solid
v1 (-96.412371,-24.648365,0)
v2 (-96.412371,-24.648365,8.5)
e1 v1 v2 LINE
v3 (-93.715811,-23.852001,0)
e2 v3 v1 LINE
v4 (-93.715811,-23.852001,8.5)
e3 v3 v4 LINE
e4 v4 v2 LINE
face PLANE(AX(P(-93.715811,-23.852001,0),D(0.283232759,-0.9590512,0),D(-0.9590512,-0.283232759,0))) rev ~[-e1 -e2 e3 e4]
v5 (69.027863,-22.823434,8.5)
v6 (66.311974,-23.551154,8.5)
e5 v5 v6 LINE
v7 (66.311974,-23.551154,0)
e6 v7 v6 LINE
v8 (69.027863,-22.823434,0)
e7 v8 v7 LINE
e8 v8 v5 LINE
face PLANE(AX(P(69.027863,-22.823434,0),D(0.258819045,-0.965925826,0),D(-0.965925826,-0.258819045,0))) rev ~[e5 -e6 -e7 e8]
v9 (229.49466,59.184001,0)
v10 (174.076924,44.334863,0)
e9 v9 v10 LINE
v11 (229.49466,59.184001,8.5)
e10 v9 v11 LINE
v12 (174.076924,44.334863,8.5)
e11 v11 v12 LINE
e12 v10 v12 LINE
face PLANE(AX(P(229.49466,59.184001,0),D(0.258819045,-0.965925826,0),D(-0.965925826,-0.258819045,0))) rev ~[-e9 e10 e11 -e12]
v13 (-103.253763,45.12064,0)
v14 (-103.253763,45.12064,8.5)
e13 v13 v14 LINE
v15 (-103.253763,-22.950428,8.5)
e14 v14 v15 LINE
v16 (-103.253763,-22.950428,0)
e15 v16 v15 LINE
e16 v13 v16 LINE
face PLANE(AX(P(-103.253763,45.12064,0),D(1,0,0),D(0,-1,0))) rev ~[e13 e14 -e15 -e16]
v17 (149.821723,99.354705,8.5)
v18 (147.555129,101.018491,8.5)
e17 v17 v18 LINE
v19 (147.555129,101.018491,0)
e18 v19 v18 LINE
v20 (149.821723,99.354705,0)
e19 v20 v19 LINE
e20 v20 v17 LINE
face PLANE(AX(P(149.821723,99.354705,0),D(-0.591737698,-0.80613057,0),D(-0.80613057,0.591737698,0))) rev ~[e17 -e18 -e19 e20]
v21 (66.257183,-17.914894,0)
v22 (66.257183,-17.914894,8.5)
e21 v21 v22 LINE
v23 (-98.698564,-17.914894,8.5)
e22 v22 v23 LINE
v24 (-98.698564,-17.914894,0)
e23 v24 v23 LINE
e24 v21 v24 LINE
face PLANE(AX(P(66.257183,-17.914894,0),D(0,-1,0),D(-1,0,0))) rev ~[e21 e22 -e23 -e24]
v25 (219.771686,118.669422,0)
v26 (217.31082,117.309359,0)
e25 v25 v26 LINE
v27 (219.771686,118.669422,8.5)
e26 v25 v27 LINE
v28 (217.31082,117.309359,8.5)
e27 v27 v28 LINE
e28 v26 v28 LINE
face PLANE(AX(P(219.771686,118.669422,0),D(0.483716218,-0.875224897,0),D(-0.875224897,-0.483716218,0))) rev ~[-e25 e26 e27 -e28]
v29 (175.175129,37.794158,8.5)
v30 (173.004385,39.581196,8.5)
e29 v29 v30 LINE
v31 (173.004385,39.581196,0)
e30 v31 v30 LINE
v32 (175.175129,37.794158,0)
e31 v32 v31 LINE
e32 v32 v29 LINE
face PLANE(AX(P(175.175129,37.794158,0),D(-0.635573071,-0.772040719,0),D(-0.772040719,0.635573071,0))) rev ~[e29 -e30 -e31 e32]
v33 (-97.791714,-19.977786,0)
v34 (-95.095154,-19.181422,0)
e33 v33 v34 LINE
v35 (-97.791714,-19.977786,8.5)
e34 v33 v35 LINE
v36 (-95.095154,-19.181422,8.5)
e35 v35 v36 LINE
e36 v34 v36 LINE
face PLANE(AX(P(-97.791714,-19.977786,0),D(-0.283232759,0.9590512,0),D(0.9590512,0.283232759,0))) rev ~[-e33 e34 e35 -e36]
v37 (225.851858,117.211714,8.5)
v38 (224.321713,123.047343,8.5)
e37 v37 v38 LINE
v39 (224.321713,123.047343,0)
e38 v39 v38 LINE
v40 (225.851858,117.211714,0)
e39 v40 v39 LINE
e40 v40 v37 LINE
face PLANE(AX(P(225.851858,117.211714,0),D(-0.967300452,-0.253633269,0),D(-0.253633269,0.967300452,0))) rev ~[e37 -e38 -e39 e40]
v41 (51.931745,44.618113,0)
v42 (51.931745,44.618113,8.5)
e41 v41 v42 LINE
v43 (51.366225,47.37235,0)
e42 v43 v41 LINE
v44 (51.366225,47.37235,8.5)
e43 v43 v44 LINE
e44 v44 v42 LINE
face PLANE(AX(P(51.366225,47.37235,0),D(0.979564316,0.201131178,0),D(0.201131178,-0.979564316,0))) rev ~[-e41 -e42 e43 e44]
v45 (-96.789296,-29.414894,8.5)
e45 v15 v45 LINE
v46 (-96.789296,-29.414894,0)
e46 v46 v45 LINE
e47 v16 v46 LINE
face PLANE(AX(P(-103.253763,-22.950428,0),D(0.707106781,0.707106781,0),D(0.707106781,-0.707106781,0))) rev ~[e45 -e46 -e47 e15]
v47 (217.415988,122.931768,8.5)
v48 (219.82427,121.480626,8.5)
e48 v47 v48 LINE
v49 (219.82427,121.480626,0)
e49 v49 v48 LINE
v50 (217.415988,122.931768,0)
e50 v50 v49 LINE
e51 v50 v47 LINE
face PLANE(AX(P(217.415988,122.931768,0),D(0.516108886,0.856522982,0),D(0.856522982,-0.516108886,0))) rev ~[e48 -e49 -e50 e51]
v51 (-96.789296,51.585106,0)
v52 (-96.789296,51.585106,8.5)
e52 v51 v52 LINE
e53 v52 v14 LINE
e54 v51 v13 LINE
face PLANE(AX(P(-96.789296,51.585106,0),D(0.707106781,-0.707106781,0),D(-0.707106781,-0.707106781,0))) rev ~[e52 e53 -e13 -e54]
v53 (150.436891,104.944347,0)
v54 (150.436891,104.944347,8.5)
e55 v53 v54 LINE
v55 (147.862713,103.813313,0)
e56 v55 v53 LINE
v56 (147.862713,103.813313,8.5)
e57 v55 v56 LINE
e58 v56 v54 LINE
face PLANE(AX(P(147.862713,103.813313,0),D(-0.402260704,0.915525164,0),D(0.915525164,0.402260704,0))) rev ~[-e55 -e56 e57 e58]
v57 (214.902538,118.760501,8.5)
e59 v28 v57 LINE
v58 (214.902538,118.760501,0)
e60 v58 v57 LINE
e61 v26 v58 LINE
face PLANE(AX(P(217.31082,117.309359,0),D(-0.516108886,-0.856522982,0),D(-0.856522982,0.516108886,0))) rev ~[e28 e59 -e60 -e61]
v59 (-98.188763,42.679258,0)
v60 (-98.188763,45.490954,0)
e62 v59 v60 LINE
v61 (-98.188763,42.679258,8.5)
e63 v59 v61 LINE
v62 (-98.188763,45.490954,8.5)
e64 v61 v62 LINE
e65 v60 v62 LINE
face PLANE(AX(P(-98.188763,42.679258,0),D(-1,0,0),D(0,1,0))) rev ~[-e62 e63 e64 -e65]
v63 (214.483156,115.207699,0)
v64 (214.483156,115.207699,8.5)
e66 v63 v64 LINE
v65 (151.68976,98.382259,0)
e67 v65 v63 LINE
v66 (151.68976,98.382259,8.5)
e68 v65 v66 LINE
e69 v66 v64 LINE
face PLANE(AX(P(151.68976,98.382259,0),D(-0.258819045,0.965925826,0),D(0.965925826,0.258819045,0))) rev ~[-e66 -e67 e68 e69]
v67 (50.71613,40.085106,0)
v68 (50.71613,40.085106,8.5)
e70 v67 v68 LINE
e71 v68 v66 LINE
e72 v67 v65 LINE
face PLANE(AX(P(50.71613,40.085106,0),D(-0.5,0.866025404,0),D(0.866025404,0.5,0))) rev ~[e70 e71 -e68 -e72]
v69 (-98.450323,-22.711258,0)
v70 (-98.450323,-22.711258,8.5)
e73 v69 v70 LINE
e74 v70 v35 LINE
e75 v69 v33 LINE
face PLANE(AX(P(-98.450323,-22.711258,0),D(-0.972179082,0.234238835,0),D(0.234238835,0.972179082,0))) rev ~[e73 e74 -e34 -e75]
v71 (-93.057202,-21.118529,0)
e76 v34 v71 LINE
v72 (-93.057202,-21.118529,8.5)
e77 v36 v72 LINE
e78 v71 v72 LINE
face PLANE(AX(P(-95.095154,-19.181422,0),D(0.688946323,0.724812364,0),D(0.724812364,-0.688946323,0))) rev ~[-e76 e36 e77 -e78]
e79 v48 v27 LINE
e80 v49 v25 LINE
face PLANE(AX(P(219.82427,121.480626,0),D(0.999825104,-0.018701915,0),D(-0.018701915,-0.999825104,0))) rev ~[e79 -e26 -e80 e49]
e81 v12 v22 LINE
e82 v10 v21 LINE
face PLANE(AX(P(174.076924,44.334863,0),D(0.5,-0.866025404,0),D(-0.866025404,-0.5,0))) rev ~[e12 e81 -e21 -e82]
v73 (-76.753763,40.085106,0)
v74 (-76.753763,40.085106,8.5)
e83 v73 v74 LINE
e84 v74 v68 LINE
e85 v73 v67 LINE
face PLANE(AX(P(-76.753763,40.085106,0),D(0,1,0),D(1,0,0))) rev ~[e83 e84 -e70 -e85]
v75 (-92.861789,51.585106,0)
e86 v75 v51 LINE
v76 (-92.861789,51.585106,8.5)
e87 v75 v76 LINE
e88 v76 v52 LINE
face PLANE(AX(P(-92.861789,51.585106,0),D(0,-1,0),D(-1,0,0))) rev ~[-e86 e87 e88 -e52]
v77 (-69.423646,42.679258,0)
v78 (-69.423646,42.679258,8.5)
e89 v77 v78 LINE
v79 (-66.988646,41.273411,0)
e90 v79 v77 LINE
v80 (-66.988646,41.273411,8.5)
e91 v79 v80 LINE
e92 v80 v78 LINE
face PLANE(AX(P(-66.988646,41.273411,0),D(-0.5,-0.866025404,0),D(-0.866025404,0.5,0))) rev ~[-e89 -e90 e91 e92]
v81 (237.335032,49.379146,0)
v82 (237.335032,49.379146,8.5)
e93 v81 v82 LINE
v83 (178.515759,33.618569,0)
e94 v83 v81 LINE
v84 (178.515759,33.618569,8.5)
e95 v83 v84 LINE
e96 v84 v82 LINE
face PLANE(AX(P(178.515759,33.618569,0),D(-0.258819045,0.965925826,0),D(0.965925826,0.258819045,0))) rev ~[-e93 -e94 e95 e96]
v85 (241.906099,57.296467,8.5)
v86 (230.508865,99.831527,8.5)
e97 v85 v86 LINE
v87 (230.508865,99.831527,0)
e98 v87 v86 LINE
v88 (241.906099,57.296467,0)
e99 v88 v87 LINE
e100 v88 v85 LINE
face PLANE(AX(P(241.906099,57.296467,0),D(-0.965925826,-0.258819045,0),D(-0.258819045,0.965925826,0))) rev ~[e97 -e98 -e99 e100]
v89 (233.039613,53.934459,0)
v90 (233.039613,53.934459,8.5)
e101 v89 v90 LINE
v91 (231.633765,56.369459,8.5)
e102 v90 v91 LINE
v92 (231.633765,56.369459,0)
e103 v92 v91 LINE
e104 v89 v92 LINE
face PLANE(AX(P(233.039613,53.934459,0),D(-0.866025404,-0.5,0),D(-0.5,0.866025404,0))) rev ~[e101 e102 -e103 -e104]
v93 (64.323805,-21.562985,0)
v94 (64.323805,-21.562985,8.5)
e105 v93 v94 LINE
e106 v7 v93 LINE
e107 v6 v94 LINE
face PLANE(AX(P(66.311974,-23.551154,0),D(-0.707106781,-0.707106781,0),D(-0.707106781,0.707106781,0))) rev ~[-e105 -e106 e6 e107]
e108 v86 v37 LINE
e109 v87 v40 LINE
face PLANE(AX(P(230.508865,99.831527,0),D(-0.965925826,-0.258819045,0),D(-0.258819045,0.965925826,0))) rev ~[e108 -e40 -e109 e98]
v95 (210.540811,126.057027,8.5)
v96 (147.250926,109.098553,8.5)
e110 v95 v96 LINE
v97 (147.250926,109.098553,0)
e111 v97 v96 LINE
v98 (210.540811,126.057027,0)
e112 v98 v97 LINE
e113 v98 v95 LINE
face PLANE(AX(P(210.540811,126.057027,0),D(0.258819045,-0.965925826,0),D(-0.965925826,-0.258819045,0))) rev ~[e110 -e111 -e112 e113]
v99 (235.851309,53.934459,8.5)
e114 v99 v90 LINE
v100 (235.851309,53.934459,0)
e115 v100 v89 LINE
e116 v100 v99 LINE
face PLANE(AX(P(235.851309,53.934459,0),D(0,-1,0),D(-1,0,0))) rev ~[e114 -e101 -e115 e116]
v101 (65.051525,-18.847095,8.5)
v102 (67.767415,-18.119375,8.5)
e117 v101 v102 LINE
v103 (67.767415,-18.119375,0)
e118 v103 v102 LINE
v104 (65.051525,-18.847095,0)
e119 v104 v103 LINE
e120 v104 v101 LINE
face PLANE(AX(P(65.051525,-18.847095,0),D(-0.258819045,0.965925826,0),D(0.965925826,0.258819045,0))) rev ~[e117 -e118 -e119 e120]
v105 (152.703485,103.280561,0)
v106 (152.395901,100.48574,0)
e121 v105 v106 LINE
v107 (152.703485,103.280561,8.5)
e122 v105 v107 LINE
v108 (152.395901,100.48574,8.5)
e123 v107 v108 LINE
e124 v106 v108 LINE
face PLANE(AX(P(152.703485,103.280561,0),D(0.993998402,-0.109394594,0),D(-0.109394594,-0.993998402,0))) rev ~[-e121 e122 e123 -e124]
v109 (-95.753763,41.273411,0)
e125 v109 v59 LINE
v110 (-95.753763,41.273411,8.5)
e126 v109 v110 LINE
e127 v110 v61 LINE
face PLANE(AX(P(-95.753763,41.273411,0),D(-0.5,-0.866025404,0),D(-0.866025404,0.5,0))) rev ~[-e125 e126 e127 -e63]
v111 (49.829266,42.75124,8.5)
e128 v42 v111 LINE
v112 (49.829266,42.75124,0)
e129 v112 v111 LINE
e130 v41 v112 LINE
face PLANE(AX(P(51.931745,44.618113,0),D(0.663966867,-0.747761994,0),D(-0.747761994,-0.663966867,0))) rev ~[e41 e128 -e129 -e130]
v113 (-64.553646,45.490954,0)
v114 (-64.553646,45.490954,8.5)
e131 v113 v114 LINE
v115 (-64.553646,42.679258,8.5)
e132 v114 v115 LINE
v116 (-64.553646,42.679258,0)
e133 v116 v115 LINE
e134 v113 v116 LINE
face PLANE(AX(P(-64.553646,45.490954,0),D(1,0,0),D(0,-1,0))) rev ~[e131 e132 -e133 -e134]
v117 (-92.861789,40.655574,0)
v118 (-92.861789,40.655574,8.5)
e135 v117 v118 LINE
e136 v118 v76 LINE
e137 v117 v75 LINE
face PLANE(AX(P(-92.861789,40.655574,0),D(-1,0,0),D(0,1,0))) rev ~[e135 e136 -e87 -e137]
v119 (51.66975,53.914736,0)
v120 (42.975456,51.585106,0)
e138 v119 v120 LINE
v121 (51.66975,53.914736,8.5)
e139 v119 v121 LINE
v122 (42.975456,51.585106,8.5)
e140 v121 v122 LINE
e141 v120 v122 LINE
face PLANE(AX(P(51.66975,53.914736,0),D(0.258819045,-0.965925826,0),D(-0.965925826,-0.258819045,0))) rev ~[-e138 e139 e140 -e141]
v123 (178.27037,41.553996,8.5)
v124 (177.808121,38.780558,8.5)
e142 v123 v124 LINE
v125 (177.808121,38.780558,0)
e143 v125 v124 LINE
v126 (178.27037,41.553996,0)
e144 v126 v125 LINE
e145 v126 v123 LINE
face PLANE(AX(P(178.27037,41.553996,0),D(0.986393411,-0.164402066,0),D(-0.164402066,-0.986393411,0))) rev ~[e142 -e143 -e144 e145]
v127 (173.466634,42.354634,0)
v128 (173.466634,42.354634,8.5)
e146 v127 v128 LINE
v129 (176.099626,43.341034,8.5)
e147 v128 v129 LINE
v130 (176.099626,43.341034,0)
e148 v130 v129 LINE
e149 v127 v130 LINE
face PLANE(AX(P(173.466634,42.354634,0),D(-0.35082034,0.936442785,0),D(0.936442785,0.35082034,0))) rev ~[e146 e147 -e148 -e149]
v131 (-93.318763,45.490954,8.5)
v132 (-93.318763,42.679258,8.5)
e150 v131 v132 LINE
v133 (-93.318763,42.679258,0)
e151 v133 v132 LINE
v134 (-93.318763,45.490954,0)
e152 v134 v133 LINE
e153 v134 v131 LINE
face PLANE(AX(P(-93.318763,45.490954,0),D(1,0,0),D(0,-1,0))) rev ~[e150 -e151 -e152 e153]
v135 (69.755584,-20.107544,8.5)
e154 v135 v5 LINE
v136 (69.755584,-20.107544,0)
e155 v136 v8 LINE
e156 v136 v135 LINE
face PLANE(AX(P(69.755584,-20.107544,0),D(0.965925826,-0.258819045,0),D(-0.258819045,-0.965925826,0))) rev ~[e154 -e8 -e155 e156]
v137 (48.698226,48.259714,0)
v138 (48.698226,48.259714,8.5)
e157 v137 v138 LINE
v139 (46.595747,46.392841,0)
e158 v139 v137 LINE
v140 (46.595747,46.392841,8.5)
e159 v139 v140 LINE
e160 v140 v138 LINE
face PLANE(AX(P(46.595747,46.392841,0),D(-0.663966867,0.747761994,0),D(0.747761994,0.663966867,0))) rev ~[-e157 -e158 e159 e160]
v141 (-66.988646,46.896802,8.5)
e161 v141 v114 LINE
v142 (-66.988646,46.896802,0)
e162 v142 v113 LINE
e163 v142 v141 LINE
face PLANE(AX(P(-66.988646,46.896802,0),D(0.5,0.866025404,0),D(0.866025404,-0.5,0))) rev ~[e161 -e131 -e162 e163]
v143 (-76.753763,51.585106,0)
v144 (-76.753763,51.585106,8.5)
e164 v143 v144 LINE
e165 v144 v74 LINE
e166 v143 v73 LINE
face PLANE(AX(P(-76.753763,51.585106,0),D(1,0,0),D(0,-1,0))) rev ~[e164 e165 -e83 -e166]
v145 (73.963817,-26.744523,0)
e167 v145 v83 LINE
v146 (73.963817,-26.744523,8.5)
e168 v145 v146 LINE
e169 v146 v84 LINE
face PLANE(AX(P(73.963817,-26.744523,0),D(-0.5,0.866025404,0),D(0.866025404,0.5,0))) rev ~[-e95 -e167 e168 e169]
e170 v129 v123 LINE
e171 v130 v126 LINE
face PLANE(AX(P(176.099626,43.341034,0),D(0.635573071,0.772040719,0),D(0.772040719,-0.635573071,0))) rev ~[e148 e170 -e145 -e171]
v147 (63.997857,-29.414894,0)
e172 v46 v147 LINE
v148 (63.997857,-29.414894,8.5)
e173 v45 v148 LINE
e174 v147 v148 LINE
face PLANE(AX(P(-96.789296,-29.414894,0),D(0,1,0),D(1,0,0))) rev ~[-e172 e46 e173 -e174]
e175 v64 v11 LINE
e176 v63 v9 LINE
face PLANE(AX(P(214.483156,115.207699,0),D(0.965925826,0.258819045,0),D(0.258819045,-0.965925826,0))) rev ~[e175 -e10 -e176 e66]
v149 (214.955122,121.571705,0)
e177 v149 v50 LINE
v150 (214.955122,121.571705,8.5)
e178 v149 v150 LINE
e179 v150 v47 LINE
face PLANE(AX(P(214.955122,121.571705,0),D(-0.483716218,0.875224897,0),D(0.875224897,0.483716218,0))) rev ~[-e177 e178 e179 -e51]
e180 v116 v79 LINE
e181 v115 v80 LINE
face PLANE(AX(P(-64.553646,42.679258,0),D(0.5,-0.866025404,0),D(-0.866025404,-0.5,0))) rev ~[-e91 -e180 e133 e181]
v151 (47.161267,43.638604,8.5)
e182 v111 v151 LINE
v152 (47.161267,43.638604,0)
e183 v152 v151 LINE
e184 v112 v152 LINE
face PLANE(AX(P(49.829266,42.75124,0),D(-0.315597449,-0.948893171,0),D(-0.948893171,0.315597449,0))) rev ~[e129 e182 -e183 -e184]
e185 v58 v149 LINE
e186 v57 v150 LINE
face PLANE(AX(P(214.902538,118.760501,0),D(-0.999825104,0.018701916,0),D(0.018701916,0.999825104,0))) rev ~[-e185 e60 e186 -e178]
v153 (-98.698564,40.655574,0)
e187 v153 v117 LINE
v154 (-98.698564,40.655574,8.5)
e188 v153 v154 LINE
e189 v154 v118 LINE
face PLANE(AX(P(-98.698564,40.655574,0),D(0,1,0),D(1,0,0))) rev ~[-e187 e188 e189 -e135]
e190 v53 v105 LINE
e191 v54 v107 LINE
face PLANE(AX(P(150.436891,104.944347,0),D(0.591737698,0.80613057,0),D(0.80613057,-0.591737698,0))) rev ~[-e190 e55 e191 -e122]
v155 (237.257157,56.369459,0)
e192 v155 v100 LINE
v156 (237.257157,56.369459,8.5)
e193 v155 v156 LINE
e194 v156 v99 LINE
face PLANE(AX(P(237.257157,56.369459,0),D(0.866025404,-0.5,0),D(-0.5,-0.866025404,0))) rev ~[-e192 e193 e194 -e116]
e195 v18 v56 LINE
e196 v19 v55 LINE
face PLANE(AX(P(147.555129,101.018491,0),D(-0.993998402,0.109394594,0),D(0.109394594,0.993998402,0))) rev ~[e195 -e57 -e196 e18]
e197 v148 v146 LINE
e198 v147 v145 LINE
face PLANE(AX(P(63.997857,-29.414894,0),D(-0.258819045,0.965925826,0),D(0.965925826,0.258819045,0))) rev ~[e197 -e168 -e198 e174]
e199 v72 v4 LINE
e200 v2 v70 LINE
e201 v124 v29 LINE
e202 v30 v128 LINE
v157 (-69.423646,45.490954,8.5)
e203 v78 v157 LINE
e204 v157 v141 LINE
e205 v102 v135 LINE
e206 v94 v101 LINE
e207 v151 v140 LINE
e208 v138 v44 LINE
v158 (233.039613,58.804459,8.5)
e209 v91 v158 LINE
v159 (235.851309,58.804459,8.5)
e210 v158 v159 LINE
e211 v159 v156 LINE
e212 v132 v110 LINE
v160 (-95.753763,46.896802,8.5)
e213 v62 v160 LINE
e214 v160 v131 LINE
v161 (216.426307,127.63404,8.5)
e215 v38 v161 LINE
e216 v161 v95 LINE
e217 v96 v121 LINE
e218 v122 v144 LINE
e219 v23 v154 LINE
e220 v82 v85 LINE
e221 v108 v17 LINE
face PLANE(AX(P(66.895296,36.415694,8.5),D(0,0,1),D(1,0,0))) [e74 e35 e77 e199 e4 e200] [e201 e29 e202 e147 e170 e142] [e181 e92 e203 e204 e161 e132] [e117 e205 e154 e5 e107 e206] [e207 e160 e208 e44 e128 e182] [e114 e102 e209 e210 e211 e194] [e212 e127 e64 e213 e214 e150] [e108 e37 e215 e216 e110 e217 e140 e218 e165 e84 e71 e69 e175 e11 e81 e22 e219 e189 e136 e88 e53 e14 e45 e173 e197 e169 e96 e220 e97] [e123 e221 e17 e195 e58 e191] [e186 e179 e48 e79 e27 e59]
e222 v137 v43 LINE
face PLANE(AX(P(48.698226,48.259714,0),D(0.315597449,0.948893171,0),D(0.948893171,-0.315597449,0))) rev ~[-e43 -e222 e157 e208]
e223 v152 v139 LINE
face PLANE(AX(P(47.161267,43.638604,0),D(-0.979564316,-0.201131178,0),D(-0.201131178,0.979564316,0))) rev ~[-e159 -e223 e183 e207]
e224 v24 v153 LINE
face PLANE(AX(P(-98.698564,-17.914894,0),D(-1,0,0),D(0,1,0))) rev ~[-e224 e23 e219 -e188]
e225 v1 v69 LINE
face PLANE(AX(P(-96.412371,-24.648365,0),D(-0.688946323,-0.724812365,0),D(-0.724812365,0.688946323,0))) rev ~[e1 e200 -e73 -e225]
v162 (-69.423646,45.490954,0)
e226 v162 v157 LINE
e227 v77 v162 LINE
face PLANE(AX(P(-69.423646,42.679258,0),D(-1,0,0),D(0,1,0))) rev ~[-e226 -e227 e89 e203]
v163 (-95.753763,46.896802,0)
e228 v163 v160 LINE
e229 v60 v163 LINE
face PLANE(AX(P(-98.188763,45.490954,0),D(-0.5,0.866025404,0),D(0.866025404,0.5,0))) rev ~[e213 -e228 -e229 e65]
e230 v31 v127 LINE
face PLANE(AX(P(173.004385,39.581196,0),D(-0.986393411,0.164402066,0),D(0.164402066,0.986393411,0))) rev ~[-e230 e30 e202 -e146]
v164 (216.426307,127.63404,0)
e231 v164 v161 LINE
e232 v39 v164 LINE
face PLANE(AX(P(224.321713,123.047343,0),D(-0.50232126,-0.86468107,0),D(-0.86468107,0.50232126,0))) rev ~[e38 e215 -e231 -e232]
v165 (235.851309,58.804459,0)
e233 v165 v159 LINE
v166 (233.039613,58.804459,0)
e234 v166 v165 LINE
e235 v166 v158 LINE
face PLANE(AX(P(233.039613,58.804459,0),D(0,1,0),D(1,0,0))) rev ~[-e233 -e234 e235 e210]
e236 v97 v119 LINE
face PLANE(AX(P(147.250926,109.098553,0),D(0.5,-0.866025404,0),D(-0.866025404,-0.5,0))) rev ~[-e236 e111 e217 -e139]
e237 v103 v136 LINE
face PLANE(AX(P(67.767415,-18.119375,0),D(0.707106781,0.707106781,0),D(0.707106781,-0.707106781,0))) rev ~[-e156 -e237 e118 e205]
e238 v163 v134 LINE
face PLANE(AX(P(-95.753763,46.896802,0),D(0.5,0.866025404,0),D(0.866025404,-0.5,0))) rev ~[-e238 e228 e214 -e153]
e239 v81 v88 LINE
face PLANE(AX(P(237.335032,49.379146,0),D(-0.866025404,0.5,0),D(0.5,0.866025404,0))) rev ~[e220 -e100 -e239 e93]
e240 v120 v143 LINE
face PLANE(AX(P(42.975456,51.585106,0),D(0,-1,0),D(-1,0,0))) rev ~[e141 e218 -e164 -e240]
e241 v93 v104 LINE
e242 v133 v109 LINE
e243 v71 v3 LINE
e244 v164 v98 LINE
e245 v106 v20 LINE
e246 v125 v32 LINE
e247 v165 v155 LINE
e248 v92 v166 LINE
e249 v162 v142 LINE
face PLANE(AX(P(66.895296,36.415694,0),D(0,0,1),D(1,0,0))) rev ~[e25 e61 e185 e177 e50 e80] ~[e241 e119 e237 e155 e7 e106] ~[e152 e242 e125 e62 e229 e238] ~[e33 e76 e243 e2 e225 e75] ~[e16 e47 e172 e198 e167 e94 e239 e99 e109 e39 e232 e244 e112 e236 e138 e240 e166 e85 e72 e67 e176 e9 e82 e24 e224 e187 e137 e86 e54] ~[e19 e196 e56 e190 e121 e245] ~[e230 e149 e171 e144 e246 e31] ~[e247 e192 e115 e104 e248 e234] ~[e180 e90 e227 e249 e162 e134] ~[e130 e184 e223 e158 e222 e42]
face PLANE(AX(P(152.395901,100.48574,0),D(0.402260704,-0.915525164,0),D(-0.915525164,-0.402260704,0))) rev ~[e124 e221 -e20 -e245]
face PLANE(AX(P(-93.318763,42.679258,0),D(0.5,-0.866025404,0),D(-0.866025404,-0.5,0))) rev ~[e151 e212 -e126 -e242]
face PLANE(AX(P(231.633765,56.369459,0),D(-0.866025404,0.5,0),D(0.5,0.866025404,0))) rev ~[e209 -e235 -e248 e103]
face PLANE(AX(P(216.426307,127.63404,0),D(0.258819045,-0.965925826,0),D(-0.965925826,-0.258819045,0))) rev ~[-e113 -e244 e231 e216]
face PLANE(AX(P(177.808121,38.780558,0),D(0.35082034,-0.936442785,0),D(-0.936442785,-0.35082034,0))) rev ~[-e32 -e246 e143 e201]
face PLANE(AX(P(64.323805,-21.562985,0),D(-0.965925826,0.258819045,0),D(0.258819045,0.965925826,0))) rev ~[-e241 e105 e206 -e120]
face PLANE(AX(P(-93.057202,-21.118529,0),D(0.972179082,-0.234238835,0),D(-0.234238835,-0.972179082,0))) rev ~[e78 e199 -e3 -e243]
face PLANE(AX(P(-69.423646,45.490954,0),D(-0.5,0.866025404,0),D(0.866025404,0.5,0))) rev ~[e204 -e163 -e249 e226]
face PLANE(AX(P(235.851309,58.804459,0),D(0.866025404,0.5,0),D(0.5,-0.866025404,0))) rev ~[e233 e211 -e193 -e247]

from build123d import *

# Parameters (mm, degrees)
BOSS_EXTRU_1_DEPTH = 8.5


with BuildPart() as part:
    # Esquisse1 → Boss.-Extru.1 (new body)
    with BuildSketch(Plane.XY):
        Polygon((-76.753762562, 40.085106383), (2.011353671, 40.085106383), (50.71612997, 40.085106383), (151.689760112, 98.382258927), (214.4831558, 115.207698591), (229.494660416, 59.184000666), (174.076924484, 44.334863077), (66.257183131, -17.914893617), (-98.698564415, -17.914893617), (-98.698564415, 40.655573641), (-94.860830925, 40.655573641), (-92.861789188, 40.655573641), (-92.861789188, 48.636078378), (-92.861789188, 50.298812036), (-92.861789188, 51.585106383), (-94.860830925, 51.585106383), (-96.789296468, 51.585106383), (-103.253762562, 45.120640289), (-103.253762562, 35.79522772), (-103.253762562, -22.950427523), (-96.789296468, -29.414893617), (63.997857106, -29.414893617), (73.963816863, -26.744522748), (178.515758799, 33.618569072), (237.335031683, 49.379145741), (241.906099495, 57.296467436), (230.508864659, 99.83152691), (225.851857518, 117.211714172), (224.321712805, 123.047343228), (216.426306891, 127.634040432), (210.540810955, 126.057026548), (147.250925797, 109.098552931), (51.669750275, 53.914735514), (42.975455994, 51.585106383), (-75.988646329, 51.585106383), (-76.753762562, 51.585106383), (-76.753762562, 50.298812036), (-76.753762562, 49.585106383), (-76.753762562, 48.636078378), align=None)
        Polygon((-95.09515421, -19.181421764), (-93.057202321, -21.118529255), (-93.715810673, -23.852001108), (-96.412370914, -24.64836547), (-98.450322803, -22.71125798), (-97.791714451, -19.977786126), align=None, mode=Mode.SUBTRACT)
        Polygon((67.767414571, -18.119374886), (69.755583746, -20.107544061), (69.027863321, -22.82343366), (66.311973721, -23.551154085), (64.323804547, -21.56298491), (65.051524972, -18.847095311), align=None, mode=Mode.SUBTRACT)
        Polygon((-93.318762562, 45.490954288), (-93.318762562, 42.679258478), (-95.753762562, 41.273410572), (-98.188762562, 42.679258478), (-98.188762562, 45.490954288), (-95.753762562, 46.896802194), align=None, mode=Mode.SUBTRACT)
        Polygon((-66.988646329, 46.896802194), (-64.553646329, 45.490954288), (-64.553646329, 42.679258478), (-66.988646329, 41.273410572), (-69.423646329, 42.679258478), (-69.423646329, 45.490954288), align=None, mode=Mode.SUBTRACT)
        Polygon((51.366225237, 47.372350111), (51.931744927, 44.618113227), (49.829265662, 42.751240367), (47.161266708, 43.638604392), (46.595747018, 46.392841276), (48.698226283, 48.259714136), align=None, mode=Mode.SUBTRACT)
        Polygon((176.099626255, 43.341034088), (178.27036991, 41.553995947), (177.808121311, 38.780557726), (175.175129056, 37.794157645), (173.004385401, 39.581195786), (173.466634, 42.354634007), align=None, mode=Mode.SUBTRACT)
        Polygon((235.851309069, 58.804459007), (237.257156975, 56.369459007), (235.851309069, 53.934459007), (233.039613258, 53.934459007), (231.633765353, 56.369459007), (233.039613258, 58.804459007), align=None, mode=Mode.SUBTRACT)
        Polygon((150.436891261, 104.94434728), (152.703485209, 103.280560873), (152.395900888, 100.48573973), (149.821722619, 99.354704995), (147.555128671, 101.018491402), (147.862712992, 103.813312544), align=None, mode=Mode.SUBTRACT)
        Polygon((219.824270363, 121.480626406), (219.771686266, 118.66942235), (217.310820089, 117.309359486), (214.90253801, 118.760500678), (214.955122108, 121.571704735), (217.415988284, 122.931767598), align=None, mode=Mode.SUBTRACT)
    extrude(amount=BOSS_EXTRU_1_DEPTH)


solid = part.part
